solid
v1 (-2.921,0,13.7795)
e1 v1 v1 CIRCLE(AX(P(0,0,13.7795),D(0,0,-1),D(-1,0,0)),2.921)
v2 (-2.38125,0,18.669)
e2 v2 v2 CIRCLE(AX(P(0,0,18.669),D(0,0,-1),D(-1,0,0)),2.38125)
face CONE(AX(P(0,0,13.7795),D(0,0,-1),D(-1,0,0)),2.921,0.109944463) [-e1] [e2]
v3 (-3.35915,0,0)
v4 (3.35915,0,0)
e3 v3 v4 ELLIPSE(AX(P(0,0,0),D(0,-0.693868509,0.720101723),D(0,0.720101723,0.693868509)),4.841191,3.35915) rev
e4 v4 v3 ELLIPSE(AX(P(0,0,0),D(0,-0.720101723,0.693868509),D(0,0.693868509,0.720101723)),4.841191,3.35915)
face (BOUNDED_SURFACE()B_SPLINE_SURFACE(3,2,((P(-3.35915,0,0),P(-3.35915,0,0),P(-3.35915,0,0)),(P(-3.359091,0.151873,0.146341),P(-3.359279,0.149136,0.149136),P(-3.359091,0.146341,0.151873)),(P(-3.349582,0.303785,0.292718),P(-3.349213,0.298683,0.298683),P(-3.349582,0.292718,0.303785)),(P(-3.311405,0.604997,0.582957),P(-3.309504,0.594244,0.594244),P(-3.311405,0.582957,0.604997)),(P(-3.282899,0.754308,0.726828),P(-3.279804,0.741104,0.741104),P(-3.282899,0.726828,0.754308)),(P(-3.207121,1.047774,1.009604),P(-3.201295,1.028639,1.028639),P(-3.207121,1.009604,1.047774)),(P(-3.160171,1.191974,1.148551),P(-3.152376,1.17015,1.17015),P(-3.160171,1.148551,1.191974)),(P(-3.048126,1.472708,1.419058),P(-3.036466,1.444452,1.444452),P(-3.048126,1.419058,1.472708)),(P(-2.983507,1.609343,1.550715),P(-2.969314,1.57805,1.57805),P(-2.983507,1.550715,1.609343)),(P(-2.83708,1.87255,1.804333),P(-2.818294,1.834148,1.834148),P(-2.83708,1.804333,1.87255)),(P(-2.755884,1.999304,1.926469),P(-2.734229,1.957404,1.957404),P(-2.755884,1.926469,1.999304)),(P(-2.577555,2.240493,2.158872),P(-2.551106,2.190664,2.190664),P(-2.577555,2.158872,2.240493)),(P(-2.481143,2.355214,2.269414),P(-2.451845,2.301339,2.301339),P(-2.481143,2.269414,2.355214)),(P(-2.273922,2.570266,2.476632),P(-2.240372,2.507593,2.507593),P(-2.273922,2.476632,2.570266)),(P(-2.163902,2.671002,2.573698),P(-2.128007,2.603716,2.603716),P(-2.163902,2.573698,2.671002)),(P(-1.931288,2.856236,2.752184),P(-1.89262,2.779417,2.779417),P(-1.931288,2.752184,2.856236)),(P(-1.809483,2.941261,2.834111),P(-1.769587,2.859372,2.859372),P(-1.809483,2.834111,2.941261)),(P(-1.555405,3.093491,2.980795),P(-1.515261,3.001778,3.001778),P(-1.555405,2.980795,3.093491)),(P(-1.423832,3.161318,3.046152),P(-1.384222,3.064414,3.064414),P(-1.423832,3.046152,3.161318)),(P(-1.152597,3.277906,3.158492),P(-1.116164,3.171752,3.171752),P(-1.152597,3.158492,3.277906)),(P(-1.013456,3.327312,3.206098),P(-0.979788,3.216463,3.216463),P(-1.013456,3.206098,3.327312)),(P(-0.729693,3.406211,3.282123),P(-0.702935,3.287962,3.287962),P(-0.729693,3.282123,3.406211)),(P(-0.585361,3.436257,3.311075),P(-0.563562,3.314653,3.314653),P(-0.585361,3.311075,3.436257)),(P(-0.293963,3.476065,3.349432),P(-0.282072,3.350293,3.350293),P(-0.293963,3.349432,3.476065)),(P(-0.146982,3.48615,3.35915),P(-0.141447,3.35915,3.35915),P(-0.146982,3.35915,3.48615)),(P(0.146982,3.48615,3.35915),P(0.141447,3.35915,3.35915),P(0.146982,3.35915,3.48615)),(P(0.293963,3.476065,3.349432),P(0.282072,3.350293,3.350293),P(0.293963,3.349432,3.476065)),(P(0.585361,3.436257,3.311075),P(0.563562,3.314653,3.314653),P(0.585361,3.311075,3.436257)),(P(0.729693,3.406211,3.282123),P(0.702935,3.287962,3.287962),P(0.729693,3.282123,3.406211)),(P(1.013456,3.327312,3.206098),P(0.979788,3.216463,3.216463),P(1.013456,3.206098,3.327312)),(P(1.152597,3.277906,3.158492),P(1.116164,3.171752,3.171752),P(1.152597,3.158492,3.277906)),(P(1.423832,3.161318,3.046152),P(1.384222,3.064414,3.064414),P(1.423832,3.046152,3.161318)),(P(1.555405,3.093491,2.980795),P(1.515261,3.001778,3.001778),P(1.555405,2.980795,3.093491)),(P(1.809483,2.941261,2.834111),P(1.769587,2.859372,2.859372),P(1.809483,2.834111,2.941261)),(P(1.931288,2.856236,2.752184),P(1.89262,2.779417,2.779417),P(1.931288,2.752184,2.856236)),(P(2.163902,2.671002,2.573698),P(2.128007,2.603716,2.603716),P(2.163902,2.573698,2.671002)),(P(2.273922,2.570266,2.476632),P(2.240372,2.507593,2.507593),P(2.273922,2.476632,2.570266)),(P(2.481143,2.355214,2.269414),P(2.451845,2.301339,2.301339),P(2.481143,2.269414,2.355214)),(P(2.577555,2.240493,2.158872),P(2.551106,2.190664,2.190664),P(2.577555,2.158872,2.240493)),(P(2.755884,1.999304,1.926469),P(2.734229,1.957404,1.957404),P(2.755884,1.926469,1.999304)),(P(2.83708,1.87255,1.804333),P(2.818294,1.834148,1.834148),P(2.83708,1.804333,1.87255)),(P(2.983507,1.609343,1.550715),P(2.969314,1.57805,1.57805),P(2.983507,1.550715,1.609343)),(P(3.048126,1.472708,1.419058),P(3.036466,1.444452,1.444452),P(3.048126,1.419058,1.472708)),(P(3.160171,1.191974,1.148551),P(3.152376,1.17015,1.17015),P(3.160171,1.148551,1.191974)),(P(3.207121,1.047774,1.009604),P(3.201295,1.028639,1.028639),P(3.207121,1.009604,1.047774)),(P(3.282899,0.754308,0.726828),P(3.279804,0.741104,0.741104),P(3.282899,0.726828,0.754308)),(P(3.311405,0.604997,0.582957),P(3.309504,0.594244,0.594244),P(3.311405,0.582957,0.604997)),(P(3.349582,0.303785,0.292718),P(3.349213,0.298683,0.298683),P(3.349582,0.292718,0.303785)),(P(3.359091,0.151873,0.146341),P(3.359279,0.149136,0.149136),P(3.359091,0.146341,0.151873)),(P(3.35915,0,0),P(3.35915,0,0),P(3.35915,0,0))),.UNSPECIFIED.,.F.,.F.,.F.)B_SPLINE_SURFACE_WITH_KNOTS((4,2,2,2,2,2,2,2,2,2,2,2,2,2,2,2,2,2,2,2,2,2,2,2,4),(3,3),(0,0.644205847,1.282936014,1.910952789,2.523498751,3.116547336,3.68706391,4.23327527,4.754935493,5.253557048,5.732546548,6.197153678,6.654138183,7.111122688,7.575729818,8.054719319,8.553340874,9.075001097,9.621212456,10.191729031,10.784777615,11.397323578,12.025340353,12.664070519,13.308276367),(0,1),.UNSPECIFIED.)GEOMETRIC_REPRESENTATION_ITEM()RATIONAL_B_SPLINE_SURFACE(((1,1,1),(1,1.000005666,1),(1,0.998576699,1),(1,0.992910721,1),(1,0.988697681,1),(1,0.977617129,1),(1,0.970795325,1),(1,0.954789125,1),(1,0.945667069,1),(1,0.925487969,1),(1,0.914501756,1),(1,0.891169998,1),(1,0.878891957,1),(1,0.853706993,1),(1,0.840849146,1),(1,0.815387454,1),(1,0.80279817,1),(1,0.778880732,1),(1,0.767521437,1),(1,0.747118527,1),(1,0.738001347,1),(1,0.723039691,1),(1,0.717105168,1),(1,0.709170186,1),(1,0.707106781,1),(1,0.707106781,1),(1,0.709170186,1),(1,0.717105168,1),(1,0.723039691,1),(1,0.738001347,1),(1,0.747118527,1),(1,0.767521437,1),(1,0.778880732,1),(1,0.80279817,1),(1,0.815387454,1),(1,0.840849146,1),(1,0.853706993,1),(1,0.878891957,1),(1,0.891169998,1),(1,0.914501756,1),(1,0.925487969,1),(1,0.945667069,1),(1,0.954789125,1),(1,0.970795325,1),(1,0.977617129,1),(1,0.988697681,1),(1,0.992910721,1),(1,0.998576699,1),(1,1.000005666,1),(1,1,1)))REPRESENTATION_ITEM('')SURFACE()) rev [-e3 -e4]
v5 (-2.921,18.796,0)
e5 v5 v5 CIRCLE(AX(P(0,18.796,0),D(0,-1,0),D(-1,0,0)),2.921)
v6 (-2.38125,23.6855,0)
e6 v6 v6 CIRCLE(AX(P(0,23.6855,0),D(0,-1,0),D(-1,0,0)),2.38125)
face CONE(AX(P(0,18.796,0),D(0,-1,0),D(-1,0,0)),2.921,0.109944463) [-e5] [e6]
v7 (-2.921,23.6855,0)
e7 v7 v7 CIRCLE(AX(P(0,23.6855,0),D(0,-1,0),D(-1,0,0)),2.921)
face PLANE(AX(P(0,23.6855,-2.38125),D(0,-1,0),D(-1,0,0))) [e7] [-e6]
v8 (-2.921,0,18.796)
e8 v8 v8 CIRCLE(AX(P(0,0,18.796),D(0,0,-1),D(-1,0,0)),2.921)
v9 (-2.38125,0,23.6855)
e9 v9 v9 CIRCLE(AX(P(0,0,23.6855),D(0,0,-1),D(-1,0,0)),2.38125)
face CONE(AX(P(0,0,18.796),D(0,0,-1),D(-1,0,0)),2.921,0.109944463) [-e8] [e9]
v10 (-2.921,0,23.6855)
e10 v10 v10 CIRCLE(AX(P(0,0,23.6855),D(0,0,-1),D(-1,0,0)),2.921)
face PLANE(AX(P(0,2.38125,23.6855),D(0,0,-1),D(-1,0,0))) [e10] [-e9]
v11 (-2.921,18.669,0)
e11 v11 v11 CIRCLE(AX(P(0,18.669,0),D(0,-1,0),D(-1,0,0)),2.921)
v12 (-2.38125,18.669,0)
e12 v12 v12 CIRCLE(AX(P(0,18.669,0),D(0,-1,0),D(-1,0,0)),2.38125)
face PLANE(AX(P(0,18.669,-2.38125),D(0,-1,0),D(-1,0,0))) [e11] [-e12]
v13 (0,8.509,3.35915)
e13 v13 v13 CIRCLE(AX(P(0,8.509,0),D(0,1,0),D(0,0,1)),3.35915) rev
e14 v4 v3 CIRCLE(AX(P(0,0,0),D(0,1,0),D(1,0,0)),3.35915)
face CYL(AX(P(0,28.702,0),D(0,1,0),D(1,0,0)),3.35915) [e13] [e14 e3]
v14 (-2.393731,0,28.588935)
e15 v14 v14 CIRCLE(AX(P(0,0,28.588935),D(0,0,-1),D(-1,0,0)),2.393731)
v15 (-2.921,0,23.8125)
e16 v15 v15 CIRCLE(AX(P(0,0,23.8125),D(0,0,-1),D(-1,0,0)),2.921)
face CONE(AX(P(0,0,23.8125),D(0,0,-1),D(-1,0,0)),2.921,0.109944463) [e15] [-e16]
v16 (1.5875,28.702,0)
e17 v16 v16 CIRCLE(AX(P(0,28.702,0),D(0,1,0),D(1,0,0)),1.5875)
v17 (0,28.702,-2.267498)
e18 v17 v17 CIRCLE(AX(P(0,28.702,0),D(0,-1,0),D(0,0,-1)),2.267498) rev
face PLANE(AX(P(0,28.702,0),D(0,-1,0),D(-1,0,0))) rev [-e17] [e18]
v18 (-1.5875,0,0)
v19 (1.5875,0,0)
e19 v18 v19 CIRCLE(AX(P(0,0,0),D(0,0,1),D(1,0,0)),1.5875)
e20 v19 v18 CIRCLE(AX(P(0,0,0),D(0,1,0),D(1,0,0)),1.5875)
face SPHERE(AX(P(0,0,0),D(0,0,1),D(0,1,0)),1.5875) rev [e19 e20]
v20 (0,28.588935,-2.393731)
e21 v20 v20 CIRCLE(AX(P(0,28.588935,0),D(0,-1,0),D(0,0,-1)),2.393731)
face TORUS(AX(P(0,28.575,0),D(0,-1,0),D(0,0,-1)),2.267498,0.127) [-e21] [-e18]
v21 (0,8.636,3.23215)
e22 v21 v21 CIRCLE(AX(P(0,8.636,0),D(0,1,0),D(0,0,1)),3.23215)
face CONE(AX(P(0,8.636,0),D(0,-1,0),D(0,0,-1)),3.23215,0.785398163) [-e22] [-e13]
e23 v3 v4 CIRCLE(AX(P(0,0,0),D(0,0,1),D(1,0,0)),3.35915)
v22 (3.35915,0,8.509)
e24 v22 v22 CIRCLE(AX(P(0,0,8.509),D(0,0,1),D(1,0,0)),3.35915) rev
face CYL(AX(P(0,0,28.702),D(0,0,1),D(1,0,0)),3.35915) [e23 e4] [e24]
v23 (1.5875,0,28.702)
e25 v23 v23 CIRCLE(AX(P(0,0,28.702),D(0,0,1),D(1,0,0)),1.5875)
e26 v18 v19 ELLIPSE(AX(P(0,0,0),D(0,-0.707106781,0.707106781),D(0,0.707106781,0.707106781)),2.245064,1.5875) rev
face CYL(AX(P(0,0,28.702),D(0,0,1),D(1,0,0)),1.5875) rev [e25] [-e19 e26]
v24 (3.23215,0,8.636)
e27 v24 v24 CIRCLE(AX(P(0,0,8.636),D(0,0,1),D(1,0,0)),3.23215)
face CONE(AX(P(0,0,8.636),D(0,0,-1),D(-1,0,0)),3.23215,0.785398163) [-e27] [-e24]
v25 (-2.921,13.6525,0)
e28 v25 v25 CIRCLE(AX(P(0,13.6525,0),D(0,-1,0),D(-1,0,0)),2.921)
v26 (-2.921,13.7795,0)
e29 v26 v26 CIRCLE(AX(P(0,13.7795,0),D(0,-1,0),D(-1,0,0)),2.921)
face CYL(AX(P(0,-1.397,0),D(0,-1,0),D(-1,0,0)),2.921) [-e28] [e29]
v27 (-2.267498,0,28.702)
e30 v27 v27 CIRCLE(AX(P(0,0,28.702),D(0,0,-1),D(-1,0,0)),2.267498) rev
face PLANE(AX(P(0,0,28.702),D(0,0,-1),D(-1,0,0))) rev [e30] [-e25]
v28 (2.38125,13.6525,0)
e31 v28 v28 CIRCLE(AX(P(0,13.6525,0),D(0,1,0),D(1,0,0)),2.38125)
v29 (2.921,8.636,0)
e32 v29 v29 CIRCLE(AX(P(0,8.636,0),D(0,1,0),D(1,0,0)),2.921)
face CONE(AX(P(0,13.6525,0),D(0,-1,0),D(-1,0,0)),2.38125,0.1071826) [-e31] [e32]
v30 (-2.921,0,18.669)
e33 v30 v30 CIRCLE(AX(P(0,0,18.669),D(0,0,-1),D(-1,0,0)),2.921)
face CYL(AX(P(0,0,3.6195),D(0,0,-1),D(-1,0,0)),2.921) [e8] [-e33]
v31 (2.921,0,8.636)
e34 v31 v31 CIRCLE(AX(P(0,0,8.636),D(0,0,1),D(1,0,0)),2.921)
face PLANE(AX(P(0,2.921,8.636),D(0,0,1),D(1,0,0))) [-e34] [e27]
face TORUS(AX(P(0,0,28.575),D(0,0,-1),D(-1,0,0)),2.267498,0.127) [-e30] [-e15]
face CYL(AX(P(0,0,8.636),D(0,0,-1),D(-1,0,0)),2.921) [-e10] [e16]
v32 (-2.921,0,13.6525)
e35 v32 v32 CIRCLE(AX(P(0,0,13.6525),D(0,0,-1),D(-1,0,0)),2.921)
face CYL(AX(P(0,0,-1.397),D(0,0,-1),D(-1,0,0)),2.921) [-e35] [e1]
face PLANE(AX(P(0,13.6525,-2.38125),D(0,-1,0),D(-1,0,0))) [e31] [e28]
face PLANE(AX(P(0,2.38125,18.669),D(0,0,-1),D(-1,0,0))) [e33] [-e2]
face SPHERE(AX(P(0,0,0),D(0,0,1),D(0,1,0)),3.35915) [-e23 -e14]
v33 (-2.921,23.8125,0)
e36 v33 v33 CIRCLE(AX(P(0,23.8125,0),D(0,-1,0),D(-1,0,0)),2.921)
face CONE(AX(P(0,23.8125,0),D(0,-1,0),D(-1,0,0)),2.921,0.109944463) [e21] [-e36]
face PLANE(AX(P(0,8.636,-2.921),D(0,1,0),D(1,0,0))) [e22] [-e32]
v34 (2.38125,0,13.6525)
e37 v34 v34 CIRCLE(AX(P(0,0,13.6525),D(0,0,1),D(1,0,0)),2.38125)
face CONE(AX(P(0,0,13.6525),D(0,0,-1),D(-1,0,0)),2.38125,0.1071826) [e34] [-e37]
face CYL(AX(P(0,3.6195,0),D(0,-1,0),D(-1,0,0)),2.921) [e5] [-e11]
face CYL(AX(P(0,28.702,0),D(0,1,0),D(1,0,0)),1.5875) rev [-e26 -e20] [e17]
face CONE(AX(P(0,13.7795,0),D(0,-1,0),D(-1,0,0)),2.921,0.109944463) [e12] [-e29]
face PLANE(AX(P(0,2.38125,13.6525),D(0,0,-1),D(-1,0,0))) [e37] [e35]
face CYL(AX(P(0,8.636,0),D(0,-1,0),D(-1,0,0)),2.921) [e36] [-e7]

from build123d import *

# Parameters (mm, degrees)
LPATTERN1_COUNT              = 3
LPATTERN1_PITCH              = 5.0165
CHAMFER1_SIZE                = 0.127
CIRPATTERN1_COUNT            = 2
CIRPATTERN1_ANGLE            = 90
CHAMFER1_OF_CIRPATTERN1_SIZE = 0.127
CIRPATTERN2_COUNT            = 2
CIRPATTERN2_ANGLE            = 90
FILLET2_R                    = 0.127


with BuildPart() as part:
    # Sketch2 → Revolve1 (revolve)
    with BuildSketch(Plane(origin=(0, 0, 0), x_dir=(0, 0, -1), z_dir=(1, 0, 0)), mode=Mode.PRIVATE) as revolve1_sk:
        with BuildLine():
            Line((-28.702, 0), (-28.702, 3.35915))
            Line((-28.702, 3.35915), (0, 3.35915))
            ThreePointArc((0, 3.35915), (2.375277744, 2.375277744), (3.35915, 0))
            Line((3.35915, 0), (-28.702, 0))
        make_face()
    revolve1 = revolve(revolve1_sk.sketch.rotate(Axis((0, 0, 28.702), (0, 0, -1)), 90), axis=Axis((0, 0, 28.702), (0, 0, -1)))

    # Sketch3 → Cut-Revolve1 (revolve, cut)
    with BuildSketch(Plane(origin=(0, 0, 0), x_dir=(0, 0, -1), z_dir=(1, 0, 0)), mode=Mode.PRIVATE) as cut_revolve1_sk:
        Polygon((-28.702, 3.35915), (-28.702, 2.38125), (-13.6525, 2.38125), (-8.636, 2.921), (-8.636, 3.35915), align=None)
    cut_revolve1 = revolve(cut_revolve1_sk.sketch.rotate(Axis((0, 0, 28.702), (0, 0, -1)), 90), axis=Axis((0, 0, 28.702), (0, 0, -1)), mode=Mode.SUBTRACT)

    # Sketch4 → Revolve2 (revolve)
    with BuildSketch(Plane(origin=(0, 0, 0), x_dir=(0, 0, -1), z_dir=(1, 0, 0))):
        Polygon((-23.6855, 2.921), (-23.8125, 2.921), (-28.702, 2.38125), (-23.6855, 2.38125), align=None)
    revolve2 = revolve(axis=Axis((0, 0, 8.636), (0, 0, 1)))

    # LPattern1: Revolve2 ×3
    with Locations(*[(0, 0, -i * LPATTERN1_PITCH) for i in range(1, LPATTERN1_COUNT)]):
        add(revolve2)

    # Chamfer1
    chamfer1_edges = [part.edges().sort_by_distance(p)[0] for p in [
        (-3.35915, 0, 8.636),
    ]]
    chamfer(chamfer1_edges, length=CHAMFER1_SIZE)

    # CirPattern1: Revolve1, Cut-Revolve1, Revolve2 ×2 about axis
    cirpattern1_axis = Axis((-6.6671825, 0, 0), (-1, 0, 0))
    add([revolve1.rotate(cirpattern1_axis, i * CIRPATTERN1_ANGLE / (CIRPATTERN1_COUNT - 1)) for i in range(1, CIRPATTERN1_COUNT)])
    add([cut_revolve1.rotate(cirpattern1_axis, i * CIRPATTERN1_ANGLE / (CIRPATTERN1_COUNT - 1)) for i in range(1, CIRPATTERN1_COUNT)], mode=Mode.SUBTRACT)
    add([revolve2.rotate(cirpattern1_axis, i * CIRPATTERN1_ANGLE / (CIRPATTERN1_COUNT - 1)) for i in range(1, CIRPATTERN1_COUNT)])

    # CirPattern1 copy 1 sketch → CirPattern1 copy 1 (revolve)
    with BuildSketch(Plane(origin=(0, -5.0165, 0), x_dir=(0, -1, 0), z_dir=(1, 0, 0))):
        Polygon((-23.6855, 2.921), (-23.8125, 2.921), (-28.702, 2.38125), (-23.6855, 2.38125), align=None)
    revolve(axis=Axis((0, 3.6195, 0), (0, 1, 0)))

    # CirPattern1 copy 2 sketch → CirPattern1 copy 2 (revolve)
    with BuildSketch(Plane(origin=(0, -10.033, 0), x_dir=(0, -1, 0), z_dir=(1, 0, 0))):
        Polygon((-23.6855, 2.921), (-23.8125, 2.921), (-28.702, 2.38125), (-23.6855, 2.38125), align=None)
    revolve(axis=Axis((0, -1.397, 0), (0, 1, 0)))

    # Chamfer1 of CirPattern1
    chamfer1_of_cirpattern1_edges = [part.edges().sort_by_distance(p)[0] for p in [
        (-3.35915, 8.636, 0),
    ]]
    chamfer(chamfer1_of_cirpattern1_edges, length=CHAMFER1_OF_CIRPATTERN1_SIZE)

    # Sketch5 → Cut-Revolve2 (revolve, cut)
    with BuildSketch(Plane(origin=(0, 0, 0), x_dir=(0, 0, -1), z_dir=(1, 0, 0)), mode=Mode.PRIVATE) as cut_revolve2_sk:
        with BuildLine():
            Line((-28.702, 1.5875), (0, 1.5875))
            ThreePointArc((0, 1.5875), (1.122532015, 1.122532015), (1.5875, 0))
            Line((1.5875, 0), (-28.702, 0))
            Line((-28.702, 0), (-28.702, 1.5875))
        make_face()
    cut_revolve2 = revolve(cut_revolve2_sk.sketch.rotate(Axis((0, 0, 28.702), (0, 0, -1)), 270), axis=Axis((0, 0, 28.702), (0, 0, -1)), mode=Mode.SUBTRACT)

    # CirPattern2: Cut-Revolve2 ×2 about axis
    cirpattern2_axis = Axis((-6.6671825, 0, 0), (-1, 0, 0))
    for i in range(1, CIRPATTERN2_COUNT):
        add(cut_revolve2.rotate(cirpattern2_axis, i * CIRPATTERN2_ANGLE / (CIRPATTERN2_COUNT - 1)), mode=Mode.SUBTRACT)

    # Fillet2
    fillet2_edges = [part.edges().sort_by_distance(p)[0] for p in [
        (0, -2.38125, 28.702),
        (3.702e-06, 3.35915, 3.35915),
        (0, 28.702, 2.38125),
    ]]
    fillet(fillet2_edges, radius=FILLET2_R)


solid = part.part
